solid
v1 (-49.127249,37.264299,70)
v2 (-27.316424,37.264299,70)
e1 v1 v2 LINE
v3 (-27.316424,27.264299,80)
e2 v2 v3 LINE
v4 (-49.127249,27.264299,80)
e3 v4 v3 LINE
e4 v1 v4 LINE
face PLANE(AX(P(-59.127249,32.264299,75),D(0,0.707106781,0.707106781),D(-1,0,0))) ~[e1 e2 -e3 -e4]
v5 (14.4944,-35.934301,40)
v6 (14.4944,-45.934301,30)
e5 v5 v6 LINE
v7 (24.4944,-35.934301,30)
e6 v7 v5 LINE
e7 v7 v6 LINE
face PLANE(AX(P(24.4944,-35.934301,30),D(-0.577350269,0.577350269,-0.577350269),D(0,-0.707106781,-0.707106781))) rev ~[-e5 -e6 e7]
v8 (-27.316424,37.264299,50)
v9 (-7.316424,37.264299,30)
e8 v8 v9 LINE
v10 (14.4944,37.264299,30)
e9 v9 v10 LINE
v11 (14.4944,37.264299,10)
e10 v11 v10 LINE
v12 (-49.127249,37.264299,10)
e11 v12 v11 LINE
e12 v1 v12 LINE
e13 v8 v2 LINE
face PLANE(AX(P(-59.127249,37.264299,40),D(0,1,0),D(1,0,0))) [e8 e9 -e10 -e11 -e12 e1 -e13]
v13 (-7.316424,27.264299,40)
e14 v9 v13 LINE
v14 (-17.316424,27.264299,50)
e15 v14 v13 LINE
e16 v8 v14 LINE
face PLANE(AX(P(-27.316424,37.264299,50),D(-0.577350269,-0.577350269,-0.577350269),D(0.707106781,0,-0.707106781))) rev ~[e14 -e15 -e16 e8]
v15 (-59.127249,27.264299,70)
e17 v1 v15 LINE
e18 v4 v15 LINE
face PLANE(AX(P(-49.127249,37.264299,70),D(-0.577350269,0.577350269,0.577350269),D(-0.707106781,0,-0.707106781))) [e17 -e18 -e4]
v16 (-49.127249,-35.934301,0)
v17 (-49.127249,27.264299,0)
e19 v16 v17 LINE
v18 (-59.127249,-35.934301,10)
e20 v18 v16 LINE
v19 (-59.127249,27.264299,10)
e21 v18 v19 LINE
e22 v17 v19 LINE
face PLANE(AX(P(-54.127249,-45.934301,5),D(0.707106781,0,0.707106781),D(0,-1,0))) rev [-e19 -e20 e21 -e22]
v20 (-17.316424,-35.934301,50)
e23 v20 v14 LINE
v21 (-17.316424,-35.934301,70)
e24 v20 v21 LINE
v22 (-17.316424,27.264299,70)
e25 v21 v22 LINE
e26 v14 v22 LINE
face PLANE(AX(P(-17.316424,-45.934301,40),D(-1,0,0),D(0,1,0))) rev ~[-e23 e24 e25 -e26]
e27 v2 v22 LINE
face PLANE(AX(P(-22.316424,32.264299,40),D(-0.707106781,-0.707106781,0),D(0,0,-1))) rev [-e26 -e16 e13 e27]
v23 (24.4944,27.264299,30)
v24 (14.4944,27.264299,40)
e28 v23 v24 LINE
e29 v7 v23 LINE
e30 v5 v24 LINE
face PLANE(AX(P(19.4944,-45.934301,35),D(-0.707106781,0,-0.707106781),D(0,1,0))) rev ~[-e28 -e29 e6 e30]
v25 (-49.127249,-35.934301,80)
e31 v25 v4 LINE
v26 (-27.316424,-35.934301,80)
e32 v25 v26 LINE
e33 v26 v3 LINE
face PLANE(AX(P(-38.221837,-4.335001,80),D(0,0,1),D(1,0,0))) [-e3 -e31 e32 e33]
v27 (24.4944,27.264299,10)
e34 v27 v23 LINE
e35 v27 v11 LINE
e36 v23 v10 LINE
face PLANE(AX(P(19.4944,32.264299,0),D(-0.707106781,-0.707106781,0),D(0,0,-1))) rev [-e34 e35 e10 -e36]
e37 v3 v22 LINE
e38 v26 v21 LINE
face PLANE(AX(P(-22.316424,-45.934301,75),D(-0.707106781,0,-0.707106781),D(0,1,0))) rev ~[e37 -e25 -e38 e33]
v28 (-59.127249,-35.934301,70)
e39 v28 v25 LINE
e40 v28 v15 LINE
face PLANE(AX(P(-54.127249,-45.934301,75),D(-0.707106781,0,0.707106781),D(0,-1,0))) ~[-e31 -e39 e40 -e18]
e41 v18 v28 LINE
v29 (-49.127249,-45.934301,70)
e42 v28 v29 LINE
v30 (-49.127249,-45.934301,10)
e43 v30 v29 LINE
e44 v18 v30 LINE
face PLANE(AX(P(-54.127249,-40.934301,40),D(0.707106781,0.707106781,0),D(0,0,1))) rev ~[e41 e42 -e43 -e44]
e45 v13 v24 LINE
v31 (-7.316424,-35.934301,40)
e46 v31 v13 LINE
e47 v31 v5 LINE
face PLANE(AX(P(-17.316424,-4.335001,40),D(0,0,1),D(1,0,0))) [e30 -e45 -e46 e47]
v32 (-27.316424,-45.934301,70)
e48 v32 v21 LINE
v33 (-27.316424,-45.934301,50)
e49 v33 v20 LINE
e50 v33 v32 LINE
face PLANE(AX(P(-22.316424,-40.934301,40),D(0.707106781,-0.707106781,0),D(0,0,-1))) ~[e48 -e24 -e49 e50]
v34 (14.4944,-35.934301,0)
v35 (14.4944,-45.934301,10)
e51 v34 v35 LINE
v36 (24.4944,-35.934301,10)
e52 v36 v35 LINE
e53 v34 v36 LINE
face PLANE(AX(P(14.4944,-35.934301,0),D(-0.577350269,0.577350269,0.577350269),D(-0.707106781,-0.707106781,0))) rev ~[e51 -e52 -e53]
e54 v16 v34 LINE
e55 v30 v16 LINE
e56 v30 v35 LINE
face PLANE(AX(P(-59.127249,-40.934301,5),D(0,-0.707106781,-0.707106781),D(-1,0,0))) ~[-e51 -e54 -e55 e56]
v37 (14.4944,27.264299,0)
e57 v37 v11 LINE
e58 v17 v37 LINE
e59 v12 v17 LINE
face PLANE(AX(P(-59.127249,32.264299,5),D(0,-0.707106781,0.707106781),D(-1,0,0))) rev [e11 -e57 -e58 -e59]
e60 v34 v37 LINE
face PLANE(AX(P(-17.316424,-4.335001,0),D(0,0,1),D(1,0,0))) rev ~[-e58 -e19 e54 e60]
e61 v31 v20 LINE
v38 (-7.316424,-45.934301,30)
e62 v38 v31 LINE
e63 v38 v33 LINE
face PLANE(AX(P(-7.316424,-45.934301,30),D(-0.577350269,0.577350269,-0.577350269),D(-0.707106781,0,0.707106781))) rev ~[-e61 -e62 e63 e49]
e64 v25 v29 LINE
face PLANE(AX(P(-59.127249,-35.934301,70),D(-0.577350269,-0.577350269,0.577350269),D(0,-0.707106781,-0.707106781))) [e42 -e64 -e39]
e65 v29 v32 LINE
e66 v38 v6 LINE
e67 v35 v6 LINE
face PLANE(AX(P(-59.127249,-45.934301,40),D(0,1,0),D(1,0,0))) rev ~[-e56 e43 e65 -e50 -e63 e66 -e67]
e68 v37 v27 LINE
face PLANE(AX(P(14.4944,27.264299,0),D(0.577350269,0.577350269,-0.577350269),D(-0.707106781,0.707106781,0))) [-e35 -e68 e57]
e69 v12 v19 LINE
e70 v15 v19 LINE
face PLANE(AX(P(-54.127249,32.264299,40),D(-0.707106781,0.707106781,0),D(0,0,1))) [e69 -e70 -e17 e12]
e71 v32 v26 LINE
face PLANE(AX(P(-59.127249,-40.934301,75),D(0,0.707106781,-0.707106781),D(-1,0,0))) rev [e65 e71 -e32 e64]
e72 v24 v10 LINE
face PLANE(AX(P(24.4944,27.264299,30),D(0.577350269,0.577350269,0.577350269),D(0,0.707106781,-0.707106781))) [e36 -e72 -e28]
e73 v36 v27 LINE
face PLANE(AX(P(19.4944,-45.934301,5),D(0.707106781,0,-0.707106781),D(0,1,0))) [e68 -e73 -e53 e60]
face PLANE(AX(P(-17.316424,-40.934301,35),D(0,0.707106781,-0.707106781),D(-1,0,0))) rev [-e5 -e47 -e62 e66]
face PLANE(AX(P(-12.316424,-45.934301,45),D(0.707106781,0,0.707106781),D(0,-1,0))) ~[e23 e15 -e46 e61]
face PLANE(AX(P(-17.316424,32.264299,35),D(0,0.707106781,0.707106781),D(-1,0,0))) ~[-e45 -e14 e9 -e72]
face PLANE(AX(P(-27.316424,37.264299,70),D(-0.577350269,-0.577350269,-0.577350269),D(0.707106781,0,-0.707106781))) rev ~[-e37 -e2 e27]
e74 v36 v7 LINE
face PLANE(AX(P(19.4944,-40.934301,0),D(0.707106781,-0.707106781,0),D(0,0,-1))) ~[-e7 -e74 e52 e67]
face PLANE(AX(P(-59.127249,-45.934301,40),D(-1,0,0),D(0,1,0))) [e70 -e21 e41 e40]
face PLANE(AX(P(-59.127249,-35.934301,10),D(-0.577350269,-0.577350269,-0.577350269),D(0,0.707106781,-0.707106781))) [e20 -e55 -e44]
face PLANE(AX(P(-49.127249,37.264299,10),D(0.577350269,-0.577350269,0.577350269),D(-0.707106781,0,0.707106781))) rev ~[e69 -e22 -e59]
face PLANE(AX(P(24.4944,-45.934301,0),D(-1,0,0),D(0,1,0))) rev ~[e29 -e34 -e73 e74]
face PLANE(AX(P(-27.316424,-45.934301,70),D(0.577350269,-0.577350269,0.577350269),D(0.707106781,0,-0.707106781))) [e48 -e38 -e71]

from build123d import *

# Parameters (mm, degrees)
F0_W     = 83.6216490716
F0_H     = 83.1985995173
F1_DEPTH = 40
F2_W     = 41.8108245358
F2_H     = 83.1985995173
F3_DEPTH = 40
F4_SIZE  = 10


with BuildPart() as f1:
    # F0 (on Top) → F1 (new body)
    with BuildSketch(Plane.XY):
        with Locations((-17.3164242879, -4.335001111)):
            Rectangle(F0_W, F0_H)
    extrude(amount=F1_DEPTH)

    # F2 (on face) → F3 (join)
    with BuildSketch(Plane.XY.offset(40)):
        with Locations((-38.2218365557, -4.335001111)):
            Rectangle(F2_W, F2_H)
    extrude(amount=F3_DEPTH)

    # F4
    f4_edges = [f1.edges().sort_by_distance(p)[0] for p in [
        (-17.316424, -4.335001, 80),
        (-38.221837, -45.934301, 80),
        (-59.127249, -4.335001, 80),
        (-38.221837, 37.264299, 80),
        (-17.316424, -45.934301, 60),
        (-17.316424, -4.335001, 40),
        (-17.316424, 37.264299, 60),
        (3.588988, 37.264299, 40),
        (3.588988, -45.934301, 40),
        (24.4944, -4.335001, 40),
        (24.4944, -45.934301, 20),
        (24.4944, 37.264299, 20),
        (24.4944, -4.335001, 0),
        (-17.316424, -45.934301, 0),
        (-59.127249, -45.934301, 40),
        (-59.127249, -4.335001, 0),
        (-17.316424, 37.264299, 0),
        (-59.127249, 37.264299, 40),
    ]]
    chamfer(f4_edges, length=F4_SIZE)


solid = f1.part
